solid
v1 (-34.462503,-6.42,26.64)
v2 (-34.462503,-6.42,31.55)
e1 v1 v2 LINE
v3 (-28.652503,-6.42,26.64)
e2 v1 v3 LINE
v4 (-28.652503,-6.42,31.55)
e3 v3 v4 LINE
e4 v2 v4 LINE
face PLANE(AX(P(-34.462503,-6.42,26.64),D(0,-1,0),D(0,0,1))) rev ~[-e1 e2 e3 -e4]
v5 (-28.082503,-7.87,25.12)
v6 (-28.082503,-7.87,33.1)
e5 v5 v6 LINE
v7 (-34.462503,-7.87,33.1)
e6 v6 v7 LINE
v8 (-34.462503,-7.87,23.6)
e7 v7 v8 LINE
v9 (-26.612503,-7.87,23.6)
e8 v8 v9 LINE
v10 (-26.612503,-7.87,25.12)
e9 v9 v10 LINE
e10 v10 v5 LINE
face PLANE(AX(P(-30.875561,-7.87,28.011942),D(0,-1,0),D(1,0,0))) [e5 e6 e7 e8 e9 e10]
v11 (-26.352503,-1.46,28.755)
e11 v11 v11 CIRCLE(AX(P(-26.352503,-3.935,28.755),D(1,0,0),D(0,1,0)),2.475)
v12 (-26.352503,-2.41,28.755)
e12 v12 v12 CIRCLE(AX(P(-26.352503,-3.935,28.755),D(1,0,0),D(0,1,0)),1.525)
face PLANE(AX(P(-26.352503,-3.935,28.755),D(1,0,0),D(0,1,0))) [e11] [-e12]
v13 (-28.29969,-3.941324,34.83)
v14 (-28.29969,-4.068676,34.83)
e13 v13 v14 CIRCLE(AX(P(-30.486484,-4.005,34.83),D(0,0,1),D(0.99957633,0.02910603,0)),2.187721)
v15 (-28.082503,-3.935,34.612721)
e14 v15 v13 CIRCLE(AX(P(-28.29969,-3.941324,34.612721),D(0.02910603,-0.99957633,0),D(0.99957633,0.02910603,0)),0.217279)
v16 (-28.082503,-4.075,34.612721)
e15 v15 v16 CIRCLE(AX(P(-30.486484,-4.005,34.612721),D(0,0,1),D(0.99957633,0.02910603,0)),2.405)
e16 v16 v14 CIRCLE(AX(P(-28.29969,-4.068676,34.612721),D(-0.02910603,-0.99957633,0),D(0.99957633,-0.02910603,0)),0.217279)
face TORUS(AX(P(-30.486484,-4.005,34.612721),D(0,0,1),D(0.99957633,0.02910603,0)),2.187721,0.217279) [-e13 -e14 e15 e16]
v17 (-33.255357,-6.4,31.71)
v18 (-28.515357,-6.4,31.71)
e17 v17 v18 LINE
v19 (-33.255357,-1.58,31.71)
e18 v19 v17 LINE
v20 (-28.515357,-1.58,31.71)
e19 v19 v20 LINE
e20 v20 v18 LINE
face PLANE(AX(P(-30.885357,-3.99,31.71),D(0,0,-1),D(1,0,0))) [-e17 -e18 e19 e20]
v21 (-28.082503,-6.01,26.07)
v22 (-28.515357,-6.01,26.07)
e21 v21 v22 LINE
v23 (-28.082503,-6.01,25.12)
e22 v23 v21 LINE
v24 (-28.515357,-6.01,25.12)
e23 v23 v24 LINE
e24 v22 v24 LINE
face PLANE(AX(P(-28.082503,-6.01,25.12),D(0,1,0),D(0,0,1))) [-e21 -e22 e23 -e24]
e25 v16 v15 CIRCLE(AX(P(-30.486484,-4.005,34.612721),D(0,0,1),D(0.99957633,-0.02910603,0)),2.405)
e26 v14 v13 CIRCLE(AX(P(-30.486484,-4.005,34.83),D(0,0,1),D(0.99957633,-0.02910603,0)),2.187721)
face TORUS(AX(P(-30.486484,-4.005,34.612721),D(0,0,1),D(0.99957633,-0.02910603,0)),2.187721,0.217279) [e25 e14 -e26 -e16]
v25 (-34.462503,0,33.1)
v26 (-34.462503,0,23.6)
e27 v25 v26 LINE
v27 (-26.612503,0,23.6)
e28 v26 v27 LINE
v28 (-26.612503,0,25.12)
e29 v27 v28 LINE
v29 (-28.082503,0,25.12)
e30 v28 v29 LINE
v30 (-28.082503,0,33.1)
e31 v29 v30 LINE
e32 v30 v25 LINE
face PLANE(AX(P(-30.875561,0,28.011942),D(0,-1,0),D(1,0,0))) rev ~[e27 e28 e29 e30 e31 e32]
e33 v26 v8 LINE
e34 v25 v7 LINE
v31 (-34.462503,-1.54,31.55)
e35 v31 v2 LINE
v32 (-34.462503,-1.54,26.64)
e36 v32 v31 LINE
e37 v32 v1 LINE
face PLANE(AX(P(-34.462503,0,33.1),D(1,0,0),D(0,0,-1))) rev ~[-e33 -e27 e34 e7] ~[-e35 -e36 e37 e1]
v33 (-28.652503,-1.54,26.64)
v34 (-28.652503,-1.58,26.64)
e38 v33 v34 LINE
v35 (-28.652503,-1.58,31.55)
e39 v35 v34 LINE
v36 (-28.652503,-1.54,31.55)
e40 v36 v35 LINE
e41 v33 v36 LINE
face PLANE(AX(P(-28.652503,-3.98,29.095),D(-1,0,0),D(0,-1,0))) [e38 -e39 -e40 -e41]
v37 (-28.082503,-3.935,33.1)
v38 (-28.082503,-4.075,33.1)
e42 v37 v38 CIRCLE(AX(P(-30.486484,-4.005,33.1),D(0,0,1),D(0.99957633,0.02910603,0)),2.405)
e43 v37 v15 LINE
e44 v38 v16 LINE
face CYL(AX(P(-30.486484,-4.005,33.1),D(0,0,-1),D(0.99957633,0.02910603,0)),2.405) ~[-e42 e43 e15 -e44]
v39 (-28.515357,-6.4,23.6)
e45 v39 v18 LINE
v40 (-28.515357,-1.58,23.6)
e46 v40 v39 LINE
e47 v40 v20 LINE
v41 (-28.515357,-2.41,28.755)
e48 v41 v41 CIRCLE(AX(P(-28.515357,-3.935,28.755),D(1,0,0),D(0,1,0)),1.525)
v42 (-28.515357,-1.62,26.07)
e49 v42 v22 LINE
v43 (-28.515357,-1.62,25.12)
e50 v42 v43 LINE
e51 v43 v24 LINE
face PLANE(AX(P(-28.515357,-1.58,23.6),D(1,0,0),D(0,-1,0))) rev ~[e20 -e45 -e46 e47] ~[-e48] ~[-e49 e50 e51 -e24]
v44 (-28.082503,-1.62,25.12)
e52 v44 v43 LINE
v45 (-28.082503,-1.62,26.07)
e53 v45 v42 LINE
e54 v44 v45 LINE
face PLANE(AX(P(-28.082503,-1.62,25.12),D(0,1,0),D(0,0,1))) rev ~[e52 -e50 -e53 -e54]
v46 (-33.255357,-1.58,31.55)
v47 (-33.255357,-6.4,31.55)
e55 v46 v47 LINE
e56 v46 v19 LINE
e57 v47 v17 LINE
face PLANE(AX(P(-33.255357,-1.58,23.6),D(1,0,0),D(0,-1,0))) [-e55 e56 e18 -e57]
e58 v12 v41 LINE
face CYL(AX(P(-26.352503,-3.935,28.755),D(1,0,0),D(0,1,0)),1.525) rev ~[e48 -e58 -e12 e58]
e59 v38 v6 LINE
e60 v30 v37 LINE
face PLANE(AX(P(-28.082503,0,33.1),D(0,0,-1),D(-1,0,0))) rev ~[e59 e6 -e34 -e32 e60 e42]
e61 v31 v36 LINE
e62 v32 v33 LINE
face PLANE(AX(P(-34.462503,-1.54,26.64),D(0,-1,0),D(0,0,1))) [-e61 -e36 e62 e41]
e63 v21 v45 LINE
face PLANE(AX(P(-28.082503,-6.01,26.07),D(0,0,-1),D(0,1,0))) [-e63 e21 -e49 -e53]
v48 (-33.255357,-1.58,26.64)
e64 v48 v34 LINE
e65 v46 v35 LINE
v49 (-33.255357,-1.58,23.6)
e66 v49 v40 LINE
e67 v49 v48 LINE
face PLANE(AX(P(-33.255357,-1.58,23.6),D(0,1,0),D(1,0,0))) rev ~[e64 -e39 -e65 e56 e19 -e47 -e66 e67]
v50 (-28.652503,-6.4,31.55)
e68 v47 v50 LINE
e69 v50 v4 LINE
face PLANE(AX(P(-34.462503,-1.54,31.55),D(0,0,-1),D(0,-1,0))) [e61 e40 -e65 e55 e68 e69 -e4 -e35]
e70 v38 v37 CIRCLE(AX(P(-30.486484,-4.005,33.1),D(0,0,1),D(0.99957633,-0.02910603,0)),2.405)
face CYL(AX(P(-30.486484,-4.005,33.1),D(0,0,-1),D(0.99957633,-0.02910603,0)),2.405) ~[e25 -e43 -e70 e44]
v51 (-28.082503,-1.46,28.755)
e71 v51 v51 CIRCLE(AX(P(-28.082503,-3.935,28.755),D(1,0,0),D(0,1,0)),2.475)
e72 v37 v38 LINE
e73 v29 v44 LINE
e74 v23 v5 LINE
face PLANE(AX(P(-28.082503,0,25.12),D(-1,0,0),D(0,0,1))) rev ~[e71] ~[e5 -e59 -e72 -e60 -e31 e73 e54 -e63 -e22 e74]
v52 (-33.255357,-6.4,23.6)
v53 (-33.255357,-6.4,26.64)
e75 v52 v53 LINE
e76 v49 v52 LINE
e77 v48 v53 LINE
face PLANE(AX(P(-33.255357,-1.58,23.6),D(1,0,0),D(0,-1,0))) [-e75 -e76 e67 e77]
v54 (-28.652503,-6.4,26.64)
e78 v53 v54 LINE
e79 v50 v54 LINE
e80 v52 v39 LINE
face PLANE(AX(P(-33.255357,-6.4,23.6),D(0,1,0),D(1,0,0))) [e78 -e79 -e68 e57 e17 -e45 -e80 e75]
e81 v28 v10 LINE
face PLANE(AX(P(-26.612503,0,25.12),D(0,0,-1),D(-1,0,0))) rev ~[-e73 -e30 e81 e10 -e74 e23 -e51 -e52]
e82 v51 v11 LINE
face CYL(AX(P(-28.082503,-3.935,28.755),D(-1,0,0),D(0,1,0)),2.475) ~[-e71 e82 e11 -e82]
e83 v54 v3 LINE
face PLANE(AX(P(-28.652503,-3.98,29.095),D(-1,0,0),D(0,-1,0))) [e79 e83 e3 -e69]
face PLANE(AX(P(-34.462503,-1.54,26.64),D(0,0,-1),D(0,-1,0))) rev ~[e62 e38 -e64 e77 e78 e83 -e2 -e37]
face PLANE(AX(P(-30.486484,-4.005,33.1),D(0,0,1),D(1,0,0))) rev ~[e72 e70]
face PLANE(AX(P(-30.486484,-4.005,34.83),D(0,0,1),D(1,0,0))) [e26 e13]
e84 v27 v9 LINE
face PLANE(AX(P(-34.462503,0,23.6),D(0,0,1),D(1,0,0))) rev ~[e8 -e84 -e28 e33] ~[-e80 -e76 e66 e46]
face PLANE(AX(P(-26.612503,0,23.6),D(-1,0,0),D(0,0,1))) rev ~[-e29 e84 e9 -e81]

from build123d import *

# Parameters (mm, degrees)
F1_DEPTH  = 7.87
F2_W      = 4.88
F2_H      = 4.91
F3_DEPTH  = 5.81
F4_W      = 4.39
F4_H      = 0.95
F5_DEPTH  = 1.95
F6_W      = 4.74
F6_H      = 4.82
F7_DEPTH  = 8.11
F8_R      = 2.475
F9_DEPTH  = 1.73
F10_R     = 1.525
F11_DEPTH = 25
F12_R     = 2.405
F13_DEPTH = 1.73
F14_R     = 0.217279


with BuildPart() as f1:
    # F0 (on Front) → F1 (new body)
    with BuildSketch(Plane.XZ):
        Polygon((-28.082503, 33.1), (-34.462503, 33.1), (-34.462503, 23.6), (-26.612503, 23.6), (-26.612503, 25.12), (-28.082503, 25.12), align=None)
    extrude(amount=F1_DEPTH)

    # F2 (on face) → F3 (cut)
    with BuildSketch(Plane(origin=(-34.462503, 0, 0), x_dir=(0, -1, 0), z_dir=(-1, 0, 0))):
        with Locations((3.98, 29.095)):
            Rectangle(F2_W, F2_H)
    extrude(amount=-F3_DEPTH, mode=Mode.SUBTRACT)

    # F4 (on face) → F5 (cut)
    with BuildSketch(Plane.YZ.offset(-28.082503)):
        with Locations((-3.815, 25.595)):
            Rectangle(F4_W, F4_H)
    extrude(amount=-F5_DEPTH, mode=Mode.SUBTRACT)

    # F6 (on face) → F7 (cut)
    with BuildSketch(Plane(origin=(0, 0, 23.6), x_dir=(1, 0, 0), z_dir=(0, 0, -1))):
        with Locations((-30.885357, 3.99)):
            Rectangle(F6_W, F6_H)
    extrude(amount=-F7_DEPTH, mode=Mode.SUBTRACT)

    # F8 (on face) → F9 (join)
    with BuildSketch(Plane.YZ.offset(-28.082503)):
        with Locations((-3.935, 28.755)):
            Circle(F8_R)
    extrude(amount=F9_DEPTH)

    # F10 (on face) → F11 (cut)
    with BuildSketch(Plane.YZ.offset(-26.352503)):
        with Locations((-3.935, 28.755)):
            Circle(F10_R)
    extrude(amount=-F11_DEPTH, mode=Mode.SUBTRACT)

    # F12 (on face) → F13 (join)
    with BuildSketch(Plane.XY.offset(33.1)):
        with Locations((-30.486484, -4.005)):
            Circle(F12_R)
        with BuildLine():
            Line((-28.082503, -4.075), (-28.082503, -3.935))
            ThreePointArc((-28.082503, -3.935), (-32.891484, -4.005), (-28.082503, -4.075))
        make_face()
    extrude(amount=F13_DEPTH)

    # F14
    f14_edges = [f1.edges().sort_by_distance(p)[0] for p in [
        (-32.891484, -4.005, 34.83),
    ]]
    fillet(f14_edges, radius=F14_R)


solid = f1.part
